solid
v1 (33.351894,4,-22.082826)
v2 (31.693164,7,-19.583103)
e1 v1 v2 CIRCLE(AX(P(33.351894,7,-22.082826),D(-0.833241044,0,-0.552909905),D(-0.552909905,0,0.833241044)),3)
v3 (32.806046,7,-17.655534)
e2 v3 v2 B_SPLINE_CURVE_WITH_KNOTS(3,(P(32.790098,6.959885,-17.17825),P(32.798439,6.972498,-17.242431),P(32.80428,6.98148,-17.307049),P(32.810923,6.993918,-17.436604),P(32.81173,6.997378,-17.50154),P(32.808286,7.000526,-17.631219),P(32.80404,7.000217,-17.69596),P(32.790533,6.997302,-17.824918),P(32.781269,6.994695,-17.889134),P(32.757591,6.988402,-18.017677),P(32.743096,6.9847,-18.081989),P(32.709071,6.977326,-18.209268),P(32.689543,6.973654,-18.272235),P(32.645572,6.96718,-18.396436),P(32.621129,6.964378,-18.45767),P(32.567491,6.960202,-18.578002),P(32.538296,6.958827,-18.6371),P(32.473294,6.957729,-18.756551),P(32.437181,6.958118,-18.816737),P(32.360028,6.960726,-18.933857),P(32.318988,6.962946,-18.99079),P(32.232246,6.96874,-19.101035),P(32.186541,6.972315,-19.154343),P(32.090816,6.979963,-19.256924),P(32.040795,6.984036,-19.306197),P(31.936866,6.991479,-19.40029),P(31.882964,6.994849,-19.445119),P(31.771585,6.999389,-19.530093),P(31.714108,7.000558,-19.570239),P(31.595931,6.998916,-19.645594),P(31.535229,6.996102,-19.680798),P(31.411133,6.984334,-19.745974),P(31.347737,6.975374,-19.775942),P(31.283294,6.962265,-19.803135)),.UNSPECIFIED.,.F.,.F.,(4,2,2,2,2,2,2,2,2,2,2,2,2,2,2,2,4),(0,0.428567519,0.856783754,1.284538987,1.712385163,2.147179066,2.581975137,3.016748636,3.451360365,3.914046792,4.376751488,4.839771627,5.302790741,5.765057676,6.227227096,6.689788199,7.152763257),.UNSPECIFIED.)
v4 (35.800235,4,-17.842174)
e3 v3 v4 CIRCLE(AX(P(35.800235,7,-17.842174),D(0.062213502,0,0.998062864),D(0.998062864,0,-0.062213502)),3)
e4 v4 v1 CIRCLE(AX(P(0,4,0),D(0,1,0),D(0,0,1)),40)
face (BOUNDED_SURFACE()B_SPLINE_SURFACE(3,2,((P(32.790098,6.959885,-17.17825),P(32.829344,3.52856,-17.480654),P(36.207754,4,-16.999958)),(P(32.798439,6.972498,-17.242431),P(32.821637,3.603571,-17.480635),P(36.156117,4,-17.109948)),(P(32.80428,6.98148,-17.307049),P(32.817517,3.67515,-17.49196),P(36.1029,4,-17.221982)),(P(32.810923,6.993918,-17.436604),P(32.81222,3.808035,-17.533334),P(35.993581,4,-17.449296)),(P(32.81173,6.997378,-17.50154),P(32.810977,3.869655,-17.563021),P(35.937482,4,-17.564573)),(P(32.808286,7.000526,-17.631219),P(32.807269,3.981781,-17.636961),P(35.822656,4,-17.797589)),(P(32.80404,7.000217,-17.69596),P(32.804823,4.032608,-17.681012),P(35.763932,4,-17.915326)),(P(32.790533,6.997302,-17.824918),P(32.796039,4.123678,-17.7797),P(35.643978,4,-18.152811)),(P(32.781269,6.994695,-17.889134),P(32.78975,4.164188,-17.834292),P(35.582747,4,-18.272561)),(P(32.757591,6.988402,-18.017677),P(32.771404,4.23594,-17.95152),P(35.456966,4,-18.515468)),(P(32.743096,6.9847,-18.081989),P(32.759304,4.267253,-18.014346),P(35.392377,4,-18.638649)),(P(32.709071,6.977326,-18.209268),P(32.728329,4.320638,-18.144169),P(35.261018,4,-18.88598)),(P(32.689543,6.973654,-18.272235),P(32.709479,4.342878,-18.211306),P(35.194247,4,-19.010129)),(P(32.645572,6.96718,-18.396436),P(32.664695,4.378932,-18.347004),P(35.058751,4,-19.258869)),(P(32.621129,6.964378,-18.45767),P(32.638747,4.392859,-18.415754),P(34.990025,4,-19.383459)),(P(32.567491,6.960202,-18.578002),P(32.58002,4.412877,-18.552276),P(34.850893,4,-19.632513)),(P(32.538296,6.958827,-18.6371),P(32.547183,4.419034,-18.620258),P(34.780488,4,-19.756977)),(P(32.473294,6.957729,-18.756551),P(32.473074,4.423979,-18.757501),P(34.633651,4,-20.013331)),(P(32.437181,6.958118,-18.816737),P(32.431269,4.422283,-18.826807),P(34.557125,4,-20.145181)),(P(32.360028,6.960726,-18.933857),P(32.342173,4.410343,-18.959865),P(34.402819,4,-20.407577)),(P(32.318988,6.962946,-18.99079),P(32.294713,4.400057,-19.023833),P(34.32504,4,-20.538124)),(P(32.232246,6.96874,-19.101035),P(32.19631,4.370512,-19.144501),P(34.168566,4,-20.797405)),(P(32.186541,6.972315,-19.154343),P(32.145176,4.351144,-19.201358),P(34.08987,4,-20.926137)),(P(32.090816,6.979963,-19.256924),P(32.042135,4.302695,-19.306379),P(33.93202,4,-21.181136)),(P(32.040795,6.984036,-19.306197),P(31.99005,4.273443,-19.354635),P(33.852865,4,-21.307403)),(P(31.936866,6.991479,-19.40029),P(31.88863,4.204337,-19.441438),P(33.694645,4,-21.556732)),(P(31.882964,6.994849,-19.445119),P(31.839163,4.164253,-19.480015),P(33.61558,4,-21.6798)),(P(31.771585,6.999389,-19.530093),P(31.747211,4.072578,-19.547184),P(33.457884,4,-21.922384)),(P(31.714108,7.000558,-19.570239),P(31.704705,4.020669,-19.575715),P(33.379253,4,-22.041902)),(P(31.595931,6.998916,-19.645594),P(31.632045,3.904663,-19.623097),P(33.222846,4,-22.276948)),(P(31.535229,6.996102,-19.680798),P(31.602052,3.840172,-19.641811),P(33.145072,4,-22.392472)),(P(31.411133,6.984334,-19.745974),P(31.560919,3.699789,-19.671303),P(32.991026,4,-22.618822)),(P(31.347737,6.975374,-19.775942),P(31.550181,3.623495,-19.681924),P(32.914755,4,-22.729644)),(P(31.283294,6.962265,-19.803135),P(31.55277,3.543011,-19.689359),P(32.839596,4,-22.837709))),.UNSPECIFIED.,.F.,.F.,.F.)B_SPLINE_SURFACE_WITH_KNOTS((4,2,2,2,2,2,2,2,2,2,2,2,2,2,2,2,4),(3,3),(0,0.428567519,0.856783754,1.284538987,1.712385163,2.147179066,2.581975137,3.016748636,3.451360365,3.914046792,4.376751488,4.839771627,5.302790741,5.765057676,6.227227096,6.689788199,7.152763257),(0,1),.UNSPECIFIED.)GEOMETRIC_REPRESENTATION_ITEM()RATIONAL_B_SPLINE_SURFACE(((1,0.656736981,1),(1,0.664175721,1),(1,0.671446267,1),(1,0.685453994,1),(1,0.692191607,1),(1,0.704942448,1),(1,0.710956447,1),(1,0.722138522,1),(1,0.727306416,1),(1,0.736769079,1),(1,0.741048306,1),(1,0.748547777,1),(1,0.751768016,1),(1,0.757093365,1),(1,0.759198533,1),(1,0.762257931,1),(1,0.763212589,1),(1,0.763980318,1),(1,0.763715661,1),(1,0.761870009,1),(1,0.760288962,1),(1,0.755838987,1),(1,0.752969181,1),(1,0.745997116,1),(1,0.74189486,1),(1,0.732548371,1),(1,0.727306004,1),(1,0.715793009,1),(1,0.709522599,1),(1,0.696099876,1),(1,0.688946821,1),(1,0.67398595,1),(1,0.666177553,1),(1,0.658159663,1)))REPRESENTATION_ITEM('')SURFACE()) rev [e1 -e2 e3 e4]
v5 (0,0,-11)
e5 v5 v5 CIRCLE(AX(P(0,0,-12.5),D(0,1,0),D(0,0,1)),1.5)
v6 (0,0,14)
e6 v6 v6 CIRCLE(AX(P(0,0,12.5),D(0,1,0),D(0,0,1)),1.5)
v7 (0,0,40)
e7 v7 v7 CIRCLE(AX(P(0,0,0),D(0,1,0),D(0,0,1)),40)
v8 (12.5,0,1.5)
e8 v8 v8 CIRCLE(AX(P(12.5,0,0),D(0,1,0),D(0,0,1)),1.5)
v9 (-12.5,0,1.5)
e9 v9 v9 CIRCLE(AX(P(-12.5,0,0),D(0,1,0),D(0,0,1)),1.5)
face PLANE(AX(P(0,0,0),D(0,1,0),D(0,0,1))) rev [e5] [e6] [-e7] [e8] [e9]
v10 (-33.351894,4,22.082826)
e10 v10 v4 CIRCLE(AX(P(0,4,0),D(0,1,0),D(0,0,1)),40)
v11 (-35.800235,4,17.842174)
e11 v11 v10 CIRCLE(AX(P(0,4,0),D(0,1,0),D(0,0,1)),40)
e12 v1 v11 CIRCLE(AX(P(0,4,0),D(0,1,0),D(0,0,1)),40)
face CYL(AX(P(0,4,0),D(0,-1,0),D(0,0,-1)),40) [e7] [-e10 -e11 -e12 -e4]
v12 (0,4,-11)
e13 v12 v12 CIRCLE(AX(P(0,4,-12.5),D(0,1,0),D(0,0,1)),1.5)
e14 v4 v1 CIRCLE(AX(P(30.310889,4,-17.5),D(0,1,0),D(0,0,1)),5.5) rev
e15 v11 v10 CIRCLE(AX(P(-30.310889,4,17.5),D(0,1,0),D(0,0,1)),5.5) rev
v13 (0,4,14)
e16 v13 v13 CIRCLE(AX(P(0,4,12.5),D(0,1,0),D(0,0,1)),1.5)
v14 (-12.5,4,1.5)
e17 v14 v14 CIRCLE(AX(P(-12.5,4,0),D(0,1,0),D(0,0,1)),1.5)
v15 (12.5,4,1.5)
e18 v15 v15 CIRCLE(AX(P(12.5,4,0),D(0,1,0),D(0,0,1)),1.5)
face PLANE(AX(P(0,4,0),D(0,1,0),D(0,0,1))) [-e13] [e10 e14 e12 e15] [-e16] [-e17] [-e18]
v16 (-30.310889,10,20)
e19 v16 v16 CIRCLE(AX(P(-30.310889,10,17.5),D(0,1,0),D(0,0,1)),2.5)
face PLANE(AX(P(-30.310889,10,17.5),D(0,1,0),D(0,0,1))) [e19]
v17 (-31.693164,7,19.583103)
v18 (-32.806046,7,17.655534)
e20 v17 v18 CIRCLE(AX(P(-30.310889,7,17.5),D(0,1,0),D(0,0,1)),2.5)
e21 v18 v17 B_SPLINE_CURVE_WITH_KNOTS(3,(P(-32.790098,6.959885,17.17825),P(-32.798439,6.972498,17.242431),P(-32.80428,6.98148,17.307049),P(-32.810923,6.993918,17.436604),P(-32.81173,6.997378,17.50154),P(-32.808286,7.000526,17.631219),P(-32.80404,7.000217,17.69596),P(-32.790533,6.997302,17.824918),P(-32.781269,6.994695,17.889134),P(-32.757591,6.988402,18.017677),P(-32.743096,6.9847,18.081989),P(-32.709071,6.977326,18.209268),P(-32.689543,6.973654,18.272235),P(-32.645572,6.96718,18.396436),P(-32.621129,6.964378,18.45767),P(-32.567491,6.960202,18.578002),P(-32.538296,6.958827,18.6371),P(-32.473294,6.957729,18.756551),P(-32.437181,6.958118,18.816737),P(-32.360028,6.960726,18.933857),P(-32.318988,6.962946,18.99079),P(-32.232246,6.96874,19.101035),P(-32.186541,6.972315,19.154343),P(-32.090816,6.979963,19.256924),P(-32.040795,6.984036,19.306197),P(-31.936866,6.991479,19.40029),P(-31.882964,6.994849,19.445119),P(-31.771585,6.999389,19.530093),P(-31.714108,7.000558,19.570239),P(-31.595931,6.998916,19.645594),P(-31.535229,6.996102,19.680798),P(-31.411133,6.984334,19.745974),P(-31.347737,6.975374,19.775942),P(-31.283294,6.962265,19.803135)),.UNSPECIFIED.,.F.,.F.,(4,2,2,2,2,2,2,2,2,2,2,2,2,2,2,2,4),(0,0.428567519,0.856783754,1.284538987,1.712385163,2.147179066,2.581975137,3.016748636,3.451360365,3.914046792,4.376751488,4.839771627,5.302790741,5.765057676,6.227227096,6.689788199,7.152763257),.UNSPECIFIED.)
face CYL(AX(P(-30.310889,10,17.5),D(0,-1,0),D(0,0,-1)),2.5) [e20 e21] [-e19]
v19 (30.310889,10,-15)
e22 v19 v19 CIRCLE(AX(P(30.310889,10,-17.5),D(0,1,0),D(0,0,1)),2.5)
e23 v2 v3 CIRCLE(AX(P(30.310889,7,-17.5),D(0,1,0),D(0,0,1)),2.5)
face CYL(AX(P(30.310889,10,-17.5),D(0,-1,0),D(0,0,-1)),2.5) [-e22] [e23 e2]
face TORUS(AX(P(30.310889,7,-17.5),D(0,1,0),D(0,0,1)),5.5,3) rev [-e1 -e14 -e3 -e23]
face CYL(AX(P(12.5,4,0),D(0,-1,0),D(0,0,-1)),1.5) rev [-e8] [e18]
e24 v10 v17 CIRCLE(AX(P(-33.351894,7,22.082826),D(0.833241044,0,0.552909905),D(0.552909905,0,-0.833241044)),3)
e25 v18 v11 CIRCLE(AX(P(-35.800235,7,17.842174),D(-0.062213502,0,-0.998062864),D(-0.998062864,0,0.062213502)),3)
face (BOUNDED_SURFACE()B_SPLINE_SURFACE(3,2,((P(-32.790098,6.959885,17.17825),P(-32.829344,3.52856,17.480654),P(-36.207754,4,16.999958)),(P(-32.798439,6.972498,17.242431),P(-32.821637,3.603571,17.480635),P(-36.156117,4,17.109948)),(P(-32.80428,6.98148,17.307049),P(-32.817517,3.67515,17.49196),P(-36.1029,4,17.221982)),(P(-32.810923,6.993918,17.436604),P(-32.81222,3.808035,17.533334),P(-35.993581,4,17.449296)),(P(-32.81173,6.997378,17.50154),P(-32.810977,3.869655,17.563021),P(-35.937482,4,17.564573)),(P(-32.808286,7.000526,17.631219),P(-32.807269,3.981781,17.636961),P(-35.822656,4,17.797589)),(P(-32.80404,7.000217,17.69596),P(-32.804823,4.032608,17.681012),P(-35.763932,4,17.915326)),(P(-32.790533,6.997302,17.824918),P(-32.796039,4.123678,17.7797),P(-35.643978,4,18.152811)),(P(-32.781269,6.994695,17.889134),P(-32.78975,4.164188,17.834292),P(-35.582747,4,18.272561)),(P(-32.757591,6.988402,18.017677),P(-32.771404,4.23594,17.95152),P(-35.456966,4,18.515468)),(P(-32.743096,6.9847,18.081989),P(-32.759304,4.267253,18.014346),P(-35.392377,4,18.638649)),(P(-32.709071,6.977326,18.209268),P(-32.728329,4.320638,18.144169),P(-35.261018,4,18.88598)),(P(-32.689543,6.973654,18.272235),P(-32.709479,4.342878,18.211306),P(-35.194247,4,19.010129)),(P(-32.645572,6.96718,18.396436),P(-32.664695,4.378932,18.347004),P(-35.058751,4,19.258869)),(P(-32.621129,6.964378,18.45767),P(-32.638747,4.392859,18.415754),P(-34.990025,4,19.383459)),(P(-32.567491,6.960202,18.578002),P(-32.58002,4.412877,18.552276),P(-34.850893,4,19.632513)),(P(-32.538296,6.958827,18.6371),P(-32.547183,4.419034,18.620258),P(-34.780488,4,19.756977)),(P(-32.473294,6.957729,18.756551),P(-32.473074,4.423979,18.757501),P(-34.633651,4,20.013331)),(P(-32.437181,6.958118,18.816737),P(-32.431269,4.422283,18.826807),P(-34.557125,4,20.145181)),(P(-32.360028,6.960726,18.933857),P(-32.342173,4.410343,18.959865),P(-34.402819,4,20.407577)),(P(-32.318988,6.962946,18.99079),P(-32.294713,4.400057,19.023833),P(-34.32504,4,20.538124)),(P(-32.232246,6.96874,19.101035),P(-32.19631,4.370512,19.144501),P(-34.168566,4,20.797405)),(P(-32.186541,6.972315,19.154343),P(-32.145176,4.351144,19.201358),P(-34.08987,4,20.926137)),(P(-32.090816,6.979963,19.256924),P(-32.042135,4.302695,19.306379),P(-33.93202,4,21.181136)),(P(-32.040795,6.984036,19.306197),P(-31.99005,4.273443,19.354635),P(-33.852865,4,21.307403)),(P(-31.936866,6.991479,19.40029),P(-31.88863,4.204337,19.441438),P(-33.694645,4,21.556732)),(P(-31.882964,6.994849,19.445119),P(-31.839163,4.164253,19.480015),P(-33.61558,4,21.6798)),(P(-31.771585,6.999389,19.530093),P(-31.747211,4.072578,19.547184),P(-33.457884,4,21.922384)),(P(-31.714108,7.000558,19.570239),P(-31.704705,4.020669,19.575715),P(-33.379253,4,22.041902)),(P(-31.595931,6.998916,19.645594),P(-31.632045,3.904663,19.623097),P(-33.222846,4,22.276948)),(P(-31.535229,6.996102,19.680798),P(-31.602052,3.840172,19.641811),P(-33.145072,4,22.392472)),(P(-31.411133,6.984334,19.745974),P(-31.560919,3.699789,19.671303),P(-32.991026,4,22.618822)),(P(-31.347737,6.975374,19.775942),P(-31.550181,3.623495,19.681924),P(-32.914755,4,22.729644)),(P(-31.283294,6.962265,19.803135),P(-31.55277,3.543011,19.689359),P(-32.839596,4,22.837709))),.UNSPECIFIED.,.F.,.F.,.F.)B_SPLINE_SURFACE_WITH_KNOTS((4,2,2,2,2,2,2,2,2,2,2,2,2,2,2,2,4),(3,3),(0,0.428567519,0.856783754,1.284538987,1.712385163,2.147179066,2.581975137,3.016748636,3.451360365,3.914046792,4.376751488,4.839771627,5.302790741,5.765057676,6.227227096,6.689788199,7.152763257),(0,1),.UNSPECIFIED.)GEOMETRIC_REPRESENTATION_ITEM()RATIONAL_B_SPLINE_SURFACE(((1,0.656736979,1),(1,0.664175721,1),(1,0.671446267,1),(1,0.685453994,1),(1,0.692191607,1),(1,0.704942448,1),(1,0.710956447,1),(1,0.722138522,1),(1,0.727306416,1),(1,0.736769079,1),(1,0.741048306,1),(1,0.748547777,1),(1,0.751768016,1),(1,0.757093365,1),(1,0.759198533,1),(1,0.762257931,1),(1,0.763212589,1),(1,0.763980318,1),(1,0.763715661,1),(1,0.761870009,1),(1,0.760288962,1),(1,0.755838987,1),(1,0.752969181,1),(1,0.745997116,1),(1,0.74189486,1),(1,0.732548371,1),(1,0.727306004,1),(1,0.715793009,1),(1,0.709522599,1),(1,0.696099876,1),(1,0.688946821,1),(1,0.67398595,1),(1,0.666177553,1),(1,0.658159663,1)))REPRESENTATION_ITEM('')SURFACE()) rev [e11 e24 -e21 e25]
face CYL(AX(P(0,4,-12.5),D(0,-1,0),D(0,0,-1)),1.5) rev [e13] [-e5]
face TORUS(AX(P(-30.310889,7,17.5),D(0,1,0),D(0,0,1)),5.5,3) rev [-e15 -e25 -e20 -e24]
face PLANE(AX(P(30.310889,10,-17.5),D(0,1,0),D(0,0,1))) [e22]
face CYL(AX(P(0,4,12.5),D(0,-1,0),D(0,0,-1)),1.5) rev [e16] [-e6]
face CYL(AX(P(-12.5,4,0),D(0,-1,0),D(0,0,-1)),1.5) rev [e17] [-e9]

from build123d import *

# Parameters (mm, degrees)
SKETCH1_R           = 40
SKETCH1_R_2         = 1.5
BOSS_EXTRUDE1_DEPTH = 4
SKETCH2_R           = 2.5
BOSS_EXTRUDE2_DEPTH = 6
FILLET1_R           = 3


with BuildPart() as part:
    # Sketch1 → Boss-Extrude1 (new body)
    with BuildSketch(Plane(origin=(0, 0, 0), x_dir=(1, 0, 0), z_dir=(0, 1, 0))):
        with Locations(Location((0, 0, 0), (0, 0, 270))):
            Circle(SKETCH1_R)
        with Locations(Location((0, -12.5, 0), (0, 0, 270))):
            Circle(SKETCH1_R_2, mode=Mode.SUBTRACT)
        with Locations(Location((-12.5, 0, 0), (0, 0, 270))):
            Circle(SKETCH1_R_2, mode=Mode.SUBTRACT)
        with Locations(Location((0, 12.5, 0), (0, 0, 270))):
            Circle(SKETCH1_R_2, mode=Mode.SUBTRACT)
        with Locations(Location((12.5, 0, 0), (0, 0, 270))):
            Circle(SKETCH1_R_2, mode=Mode.SUBTRACT)
    extrude(amount=BOSS_EXTRUDE1_DEPTH)

    # Sketch2 → Boss-Extrude2 (add)
    with BuildSketch(Plane(origin=(0, 4, 0), x_dir=(1, 0, 0), z_dir=(0, 1, 0))):
        with Locations(Location((30.310889132, 17.5, 0), (0, 0, 270))):
            Circle(SKETCH2_R)
        with Locations(Location((-30.310889132, -17.5, 0), (0, 0, 270))):
            Circle(SKETCH2_R)
    extrude(amount=BOSS_EXTRUDE2_DEPTH)

    # Fillet1
    fillet1_edges = [part.edges().sort_by_distance(p)[0] for p in [
        (30.310889132, 4, -20),
        (-30.310889132, 4, 15),
    ]]
    fillet(fillet1_edges, radius=FILLET1_R)


solid = part.part
